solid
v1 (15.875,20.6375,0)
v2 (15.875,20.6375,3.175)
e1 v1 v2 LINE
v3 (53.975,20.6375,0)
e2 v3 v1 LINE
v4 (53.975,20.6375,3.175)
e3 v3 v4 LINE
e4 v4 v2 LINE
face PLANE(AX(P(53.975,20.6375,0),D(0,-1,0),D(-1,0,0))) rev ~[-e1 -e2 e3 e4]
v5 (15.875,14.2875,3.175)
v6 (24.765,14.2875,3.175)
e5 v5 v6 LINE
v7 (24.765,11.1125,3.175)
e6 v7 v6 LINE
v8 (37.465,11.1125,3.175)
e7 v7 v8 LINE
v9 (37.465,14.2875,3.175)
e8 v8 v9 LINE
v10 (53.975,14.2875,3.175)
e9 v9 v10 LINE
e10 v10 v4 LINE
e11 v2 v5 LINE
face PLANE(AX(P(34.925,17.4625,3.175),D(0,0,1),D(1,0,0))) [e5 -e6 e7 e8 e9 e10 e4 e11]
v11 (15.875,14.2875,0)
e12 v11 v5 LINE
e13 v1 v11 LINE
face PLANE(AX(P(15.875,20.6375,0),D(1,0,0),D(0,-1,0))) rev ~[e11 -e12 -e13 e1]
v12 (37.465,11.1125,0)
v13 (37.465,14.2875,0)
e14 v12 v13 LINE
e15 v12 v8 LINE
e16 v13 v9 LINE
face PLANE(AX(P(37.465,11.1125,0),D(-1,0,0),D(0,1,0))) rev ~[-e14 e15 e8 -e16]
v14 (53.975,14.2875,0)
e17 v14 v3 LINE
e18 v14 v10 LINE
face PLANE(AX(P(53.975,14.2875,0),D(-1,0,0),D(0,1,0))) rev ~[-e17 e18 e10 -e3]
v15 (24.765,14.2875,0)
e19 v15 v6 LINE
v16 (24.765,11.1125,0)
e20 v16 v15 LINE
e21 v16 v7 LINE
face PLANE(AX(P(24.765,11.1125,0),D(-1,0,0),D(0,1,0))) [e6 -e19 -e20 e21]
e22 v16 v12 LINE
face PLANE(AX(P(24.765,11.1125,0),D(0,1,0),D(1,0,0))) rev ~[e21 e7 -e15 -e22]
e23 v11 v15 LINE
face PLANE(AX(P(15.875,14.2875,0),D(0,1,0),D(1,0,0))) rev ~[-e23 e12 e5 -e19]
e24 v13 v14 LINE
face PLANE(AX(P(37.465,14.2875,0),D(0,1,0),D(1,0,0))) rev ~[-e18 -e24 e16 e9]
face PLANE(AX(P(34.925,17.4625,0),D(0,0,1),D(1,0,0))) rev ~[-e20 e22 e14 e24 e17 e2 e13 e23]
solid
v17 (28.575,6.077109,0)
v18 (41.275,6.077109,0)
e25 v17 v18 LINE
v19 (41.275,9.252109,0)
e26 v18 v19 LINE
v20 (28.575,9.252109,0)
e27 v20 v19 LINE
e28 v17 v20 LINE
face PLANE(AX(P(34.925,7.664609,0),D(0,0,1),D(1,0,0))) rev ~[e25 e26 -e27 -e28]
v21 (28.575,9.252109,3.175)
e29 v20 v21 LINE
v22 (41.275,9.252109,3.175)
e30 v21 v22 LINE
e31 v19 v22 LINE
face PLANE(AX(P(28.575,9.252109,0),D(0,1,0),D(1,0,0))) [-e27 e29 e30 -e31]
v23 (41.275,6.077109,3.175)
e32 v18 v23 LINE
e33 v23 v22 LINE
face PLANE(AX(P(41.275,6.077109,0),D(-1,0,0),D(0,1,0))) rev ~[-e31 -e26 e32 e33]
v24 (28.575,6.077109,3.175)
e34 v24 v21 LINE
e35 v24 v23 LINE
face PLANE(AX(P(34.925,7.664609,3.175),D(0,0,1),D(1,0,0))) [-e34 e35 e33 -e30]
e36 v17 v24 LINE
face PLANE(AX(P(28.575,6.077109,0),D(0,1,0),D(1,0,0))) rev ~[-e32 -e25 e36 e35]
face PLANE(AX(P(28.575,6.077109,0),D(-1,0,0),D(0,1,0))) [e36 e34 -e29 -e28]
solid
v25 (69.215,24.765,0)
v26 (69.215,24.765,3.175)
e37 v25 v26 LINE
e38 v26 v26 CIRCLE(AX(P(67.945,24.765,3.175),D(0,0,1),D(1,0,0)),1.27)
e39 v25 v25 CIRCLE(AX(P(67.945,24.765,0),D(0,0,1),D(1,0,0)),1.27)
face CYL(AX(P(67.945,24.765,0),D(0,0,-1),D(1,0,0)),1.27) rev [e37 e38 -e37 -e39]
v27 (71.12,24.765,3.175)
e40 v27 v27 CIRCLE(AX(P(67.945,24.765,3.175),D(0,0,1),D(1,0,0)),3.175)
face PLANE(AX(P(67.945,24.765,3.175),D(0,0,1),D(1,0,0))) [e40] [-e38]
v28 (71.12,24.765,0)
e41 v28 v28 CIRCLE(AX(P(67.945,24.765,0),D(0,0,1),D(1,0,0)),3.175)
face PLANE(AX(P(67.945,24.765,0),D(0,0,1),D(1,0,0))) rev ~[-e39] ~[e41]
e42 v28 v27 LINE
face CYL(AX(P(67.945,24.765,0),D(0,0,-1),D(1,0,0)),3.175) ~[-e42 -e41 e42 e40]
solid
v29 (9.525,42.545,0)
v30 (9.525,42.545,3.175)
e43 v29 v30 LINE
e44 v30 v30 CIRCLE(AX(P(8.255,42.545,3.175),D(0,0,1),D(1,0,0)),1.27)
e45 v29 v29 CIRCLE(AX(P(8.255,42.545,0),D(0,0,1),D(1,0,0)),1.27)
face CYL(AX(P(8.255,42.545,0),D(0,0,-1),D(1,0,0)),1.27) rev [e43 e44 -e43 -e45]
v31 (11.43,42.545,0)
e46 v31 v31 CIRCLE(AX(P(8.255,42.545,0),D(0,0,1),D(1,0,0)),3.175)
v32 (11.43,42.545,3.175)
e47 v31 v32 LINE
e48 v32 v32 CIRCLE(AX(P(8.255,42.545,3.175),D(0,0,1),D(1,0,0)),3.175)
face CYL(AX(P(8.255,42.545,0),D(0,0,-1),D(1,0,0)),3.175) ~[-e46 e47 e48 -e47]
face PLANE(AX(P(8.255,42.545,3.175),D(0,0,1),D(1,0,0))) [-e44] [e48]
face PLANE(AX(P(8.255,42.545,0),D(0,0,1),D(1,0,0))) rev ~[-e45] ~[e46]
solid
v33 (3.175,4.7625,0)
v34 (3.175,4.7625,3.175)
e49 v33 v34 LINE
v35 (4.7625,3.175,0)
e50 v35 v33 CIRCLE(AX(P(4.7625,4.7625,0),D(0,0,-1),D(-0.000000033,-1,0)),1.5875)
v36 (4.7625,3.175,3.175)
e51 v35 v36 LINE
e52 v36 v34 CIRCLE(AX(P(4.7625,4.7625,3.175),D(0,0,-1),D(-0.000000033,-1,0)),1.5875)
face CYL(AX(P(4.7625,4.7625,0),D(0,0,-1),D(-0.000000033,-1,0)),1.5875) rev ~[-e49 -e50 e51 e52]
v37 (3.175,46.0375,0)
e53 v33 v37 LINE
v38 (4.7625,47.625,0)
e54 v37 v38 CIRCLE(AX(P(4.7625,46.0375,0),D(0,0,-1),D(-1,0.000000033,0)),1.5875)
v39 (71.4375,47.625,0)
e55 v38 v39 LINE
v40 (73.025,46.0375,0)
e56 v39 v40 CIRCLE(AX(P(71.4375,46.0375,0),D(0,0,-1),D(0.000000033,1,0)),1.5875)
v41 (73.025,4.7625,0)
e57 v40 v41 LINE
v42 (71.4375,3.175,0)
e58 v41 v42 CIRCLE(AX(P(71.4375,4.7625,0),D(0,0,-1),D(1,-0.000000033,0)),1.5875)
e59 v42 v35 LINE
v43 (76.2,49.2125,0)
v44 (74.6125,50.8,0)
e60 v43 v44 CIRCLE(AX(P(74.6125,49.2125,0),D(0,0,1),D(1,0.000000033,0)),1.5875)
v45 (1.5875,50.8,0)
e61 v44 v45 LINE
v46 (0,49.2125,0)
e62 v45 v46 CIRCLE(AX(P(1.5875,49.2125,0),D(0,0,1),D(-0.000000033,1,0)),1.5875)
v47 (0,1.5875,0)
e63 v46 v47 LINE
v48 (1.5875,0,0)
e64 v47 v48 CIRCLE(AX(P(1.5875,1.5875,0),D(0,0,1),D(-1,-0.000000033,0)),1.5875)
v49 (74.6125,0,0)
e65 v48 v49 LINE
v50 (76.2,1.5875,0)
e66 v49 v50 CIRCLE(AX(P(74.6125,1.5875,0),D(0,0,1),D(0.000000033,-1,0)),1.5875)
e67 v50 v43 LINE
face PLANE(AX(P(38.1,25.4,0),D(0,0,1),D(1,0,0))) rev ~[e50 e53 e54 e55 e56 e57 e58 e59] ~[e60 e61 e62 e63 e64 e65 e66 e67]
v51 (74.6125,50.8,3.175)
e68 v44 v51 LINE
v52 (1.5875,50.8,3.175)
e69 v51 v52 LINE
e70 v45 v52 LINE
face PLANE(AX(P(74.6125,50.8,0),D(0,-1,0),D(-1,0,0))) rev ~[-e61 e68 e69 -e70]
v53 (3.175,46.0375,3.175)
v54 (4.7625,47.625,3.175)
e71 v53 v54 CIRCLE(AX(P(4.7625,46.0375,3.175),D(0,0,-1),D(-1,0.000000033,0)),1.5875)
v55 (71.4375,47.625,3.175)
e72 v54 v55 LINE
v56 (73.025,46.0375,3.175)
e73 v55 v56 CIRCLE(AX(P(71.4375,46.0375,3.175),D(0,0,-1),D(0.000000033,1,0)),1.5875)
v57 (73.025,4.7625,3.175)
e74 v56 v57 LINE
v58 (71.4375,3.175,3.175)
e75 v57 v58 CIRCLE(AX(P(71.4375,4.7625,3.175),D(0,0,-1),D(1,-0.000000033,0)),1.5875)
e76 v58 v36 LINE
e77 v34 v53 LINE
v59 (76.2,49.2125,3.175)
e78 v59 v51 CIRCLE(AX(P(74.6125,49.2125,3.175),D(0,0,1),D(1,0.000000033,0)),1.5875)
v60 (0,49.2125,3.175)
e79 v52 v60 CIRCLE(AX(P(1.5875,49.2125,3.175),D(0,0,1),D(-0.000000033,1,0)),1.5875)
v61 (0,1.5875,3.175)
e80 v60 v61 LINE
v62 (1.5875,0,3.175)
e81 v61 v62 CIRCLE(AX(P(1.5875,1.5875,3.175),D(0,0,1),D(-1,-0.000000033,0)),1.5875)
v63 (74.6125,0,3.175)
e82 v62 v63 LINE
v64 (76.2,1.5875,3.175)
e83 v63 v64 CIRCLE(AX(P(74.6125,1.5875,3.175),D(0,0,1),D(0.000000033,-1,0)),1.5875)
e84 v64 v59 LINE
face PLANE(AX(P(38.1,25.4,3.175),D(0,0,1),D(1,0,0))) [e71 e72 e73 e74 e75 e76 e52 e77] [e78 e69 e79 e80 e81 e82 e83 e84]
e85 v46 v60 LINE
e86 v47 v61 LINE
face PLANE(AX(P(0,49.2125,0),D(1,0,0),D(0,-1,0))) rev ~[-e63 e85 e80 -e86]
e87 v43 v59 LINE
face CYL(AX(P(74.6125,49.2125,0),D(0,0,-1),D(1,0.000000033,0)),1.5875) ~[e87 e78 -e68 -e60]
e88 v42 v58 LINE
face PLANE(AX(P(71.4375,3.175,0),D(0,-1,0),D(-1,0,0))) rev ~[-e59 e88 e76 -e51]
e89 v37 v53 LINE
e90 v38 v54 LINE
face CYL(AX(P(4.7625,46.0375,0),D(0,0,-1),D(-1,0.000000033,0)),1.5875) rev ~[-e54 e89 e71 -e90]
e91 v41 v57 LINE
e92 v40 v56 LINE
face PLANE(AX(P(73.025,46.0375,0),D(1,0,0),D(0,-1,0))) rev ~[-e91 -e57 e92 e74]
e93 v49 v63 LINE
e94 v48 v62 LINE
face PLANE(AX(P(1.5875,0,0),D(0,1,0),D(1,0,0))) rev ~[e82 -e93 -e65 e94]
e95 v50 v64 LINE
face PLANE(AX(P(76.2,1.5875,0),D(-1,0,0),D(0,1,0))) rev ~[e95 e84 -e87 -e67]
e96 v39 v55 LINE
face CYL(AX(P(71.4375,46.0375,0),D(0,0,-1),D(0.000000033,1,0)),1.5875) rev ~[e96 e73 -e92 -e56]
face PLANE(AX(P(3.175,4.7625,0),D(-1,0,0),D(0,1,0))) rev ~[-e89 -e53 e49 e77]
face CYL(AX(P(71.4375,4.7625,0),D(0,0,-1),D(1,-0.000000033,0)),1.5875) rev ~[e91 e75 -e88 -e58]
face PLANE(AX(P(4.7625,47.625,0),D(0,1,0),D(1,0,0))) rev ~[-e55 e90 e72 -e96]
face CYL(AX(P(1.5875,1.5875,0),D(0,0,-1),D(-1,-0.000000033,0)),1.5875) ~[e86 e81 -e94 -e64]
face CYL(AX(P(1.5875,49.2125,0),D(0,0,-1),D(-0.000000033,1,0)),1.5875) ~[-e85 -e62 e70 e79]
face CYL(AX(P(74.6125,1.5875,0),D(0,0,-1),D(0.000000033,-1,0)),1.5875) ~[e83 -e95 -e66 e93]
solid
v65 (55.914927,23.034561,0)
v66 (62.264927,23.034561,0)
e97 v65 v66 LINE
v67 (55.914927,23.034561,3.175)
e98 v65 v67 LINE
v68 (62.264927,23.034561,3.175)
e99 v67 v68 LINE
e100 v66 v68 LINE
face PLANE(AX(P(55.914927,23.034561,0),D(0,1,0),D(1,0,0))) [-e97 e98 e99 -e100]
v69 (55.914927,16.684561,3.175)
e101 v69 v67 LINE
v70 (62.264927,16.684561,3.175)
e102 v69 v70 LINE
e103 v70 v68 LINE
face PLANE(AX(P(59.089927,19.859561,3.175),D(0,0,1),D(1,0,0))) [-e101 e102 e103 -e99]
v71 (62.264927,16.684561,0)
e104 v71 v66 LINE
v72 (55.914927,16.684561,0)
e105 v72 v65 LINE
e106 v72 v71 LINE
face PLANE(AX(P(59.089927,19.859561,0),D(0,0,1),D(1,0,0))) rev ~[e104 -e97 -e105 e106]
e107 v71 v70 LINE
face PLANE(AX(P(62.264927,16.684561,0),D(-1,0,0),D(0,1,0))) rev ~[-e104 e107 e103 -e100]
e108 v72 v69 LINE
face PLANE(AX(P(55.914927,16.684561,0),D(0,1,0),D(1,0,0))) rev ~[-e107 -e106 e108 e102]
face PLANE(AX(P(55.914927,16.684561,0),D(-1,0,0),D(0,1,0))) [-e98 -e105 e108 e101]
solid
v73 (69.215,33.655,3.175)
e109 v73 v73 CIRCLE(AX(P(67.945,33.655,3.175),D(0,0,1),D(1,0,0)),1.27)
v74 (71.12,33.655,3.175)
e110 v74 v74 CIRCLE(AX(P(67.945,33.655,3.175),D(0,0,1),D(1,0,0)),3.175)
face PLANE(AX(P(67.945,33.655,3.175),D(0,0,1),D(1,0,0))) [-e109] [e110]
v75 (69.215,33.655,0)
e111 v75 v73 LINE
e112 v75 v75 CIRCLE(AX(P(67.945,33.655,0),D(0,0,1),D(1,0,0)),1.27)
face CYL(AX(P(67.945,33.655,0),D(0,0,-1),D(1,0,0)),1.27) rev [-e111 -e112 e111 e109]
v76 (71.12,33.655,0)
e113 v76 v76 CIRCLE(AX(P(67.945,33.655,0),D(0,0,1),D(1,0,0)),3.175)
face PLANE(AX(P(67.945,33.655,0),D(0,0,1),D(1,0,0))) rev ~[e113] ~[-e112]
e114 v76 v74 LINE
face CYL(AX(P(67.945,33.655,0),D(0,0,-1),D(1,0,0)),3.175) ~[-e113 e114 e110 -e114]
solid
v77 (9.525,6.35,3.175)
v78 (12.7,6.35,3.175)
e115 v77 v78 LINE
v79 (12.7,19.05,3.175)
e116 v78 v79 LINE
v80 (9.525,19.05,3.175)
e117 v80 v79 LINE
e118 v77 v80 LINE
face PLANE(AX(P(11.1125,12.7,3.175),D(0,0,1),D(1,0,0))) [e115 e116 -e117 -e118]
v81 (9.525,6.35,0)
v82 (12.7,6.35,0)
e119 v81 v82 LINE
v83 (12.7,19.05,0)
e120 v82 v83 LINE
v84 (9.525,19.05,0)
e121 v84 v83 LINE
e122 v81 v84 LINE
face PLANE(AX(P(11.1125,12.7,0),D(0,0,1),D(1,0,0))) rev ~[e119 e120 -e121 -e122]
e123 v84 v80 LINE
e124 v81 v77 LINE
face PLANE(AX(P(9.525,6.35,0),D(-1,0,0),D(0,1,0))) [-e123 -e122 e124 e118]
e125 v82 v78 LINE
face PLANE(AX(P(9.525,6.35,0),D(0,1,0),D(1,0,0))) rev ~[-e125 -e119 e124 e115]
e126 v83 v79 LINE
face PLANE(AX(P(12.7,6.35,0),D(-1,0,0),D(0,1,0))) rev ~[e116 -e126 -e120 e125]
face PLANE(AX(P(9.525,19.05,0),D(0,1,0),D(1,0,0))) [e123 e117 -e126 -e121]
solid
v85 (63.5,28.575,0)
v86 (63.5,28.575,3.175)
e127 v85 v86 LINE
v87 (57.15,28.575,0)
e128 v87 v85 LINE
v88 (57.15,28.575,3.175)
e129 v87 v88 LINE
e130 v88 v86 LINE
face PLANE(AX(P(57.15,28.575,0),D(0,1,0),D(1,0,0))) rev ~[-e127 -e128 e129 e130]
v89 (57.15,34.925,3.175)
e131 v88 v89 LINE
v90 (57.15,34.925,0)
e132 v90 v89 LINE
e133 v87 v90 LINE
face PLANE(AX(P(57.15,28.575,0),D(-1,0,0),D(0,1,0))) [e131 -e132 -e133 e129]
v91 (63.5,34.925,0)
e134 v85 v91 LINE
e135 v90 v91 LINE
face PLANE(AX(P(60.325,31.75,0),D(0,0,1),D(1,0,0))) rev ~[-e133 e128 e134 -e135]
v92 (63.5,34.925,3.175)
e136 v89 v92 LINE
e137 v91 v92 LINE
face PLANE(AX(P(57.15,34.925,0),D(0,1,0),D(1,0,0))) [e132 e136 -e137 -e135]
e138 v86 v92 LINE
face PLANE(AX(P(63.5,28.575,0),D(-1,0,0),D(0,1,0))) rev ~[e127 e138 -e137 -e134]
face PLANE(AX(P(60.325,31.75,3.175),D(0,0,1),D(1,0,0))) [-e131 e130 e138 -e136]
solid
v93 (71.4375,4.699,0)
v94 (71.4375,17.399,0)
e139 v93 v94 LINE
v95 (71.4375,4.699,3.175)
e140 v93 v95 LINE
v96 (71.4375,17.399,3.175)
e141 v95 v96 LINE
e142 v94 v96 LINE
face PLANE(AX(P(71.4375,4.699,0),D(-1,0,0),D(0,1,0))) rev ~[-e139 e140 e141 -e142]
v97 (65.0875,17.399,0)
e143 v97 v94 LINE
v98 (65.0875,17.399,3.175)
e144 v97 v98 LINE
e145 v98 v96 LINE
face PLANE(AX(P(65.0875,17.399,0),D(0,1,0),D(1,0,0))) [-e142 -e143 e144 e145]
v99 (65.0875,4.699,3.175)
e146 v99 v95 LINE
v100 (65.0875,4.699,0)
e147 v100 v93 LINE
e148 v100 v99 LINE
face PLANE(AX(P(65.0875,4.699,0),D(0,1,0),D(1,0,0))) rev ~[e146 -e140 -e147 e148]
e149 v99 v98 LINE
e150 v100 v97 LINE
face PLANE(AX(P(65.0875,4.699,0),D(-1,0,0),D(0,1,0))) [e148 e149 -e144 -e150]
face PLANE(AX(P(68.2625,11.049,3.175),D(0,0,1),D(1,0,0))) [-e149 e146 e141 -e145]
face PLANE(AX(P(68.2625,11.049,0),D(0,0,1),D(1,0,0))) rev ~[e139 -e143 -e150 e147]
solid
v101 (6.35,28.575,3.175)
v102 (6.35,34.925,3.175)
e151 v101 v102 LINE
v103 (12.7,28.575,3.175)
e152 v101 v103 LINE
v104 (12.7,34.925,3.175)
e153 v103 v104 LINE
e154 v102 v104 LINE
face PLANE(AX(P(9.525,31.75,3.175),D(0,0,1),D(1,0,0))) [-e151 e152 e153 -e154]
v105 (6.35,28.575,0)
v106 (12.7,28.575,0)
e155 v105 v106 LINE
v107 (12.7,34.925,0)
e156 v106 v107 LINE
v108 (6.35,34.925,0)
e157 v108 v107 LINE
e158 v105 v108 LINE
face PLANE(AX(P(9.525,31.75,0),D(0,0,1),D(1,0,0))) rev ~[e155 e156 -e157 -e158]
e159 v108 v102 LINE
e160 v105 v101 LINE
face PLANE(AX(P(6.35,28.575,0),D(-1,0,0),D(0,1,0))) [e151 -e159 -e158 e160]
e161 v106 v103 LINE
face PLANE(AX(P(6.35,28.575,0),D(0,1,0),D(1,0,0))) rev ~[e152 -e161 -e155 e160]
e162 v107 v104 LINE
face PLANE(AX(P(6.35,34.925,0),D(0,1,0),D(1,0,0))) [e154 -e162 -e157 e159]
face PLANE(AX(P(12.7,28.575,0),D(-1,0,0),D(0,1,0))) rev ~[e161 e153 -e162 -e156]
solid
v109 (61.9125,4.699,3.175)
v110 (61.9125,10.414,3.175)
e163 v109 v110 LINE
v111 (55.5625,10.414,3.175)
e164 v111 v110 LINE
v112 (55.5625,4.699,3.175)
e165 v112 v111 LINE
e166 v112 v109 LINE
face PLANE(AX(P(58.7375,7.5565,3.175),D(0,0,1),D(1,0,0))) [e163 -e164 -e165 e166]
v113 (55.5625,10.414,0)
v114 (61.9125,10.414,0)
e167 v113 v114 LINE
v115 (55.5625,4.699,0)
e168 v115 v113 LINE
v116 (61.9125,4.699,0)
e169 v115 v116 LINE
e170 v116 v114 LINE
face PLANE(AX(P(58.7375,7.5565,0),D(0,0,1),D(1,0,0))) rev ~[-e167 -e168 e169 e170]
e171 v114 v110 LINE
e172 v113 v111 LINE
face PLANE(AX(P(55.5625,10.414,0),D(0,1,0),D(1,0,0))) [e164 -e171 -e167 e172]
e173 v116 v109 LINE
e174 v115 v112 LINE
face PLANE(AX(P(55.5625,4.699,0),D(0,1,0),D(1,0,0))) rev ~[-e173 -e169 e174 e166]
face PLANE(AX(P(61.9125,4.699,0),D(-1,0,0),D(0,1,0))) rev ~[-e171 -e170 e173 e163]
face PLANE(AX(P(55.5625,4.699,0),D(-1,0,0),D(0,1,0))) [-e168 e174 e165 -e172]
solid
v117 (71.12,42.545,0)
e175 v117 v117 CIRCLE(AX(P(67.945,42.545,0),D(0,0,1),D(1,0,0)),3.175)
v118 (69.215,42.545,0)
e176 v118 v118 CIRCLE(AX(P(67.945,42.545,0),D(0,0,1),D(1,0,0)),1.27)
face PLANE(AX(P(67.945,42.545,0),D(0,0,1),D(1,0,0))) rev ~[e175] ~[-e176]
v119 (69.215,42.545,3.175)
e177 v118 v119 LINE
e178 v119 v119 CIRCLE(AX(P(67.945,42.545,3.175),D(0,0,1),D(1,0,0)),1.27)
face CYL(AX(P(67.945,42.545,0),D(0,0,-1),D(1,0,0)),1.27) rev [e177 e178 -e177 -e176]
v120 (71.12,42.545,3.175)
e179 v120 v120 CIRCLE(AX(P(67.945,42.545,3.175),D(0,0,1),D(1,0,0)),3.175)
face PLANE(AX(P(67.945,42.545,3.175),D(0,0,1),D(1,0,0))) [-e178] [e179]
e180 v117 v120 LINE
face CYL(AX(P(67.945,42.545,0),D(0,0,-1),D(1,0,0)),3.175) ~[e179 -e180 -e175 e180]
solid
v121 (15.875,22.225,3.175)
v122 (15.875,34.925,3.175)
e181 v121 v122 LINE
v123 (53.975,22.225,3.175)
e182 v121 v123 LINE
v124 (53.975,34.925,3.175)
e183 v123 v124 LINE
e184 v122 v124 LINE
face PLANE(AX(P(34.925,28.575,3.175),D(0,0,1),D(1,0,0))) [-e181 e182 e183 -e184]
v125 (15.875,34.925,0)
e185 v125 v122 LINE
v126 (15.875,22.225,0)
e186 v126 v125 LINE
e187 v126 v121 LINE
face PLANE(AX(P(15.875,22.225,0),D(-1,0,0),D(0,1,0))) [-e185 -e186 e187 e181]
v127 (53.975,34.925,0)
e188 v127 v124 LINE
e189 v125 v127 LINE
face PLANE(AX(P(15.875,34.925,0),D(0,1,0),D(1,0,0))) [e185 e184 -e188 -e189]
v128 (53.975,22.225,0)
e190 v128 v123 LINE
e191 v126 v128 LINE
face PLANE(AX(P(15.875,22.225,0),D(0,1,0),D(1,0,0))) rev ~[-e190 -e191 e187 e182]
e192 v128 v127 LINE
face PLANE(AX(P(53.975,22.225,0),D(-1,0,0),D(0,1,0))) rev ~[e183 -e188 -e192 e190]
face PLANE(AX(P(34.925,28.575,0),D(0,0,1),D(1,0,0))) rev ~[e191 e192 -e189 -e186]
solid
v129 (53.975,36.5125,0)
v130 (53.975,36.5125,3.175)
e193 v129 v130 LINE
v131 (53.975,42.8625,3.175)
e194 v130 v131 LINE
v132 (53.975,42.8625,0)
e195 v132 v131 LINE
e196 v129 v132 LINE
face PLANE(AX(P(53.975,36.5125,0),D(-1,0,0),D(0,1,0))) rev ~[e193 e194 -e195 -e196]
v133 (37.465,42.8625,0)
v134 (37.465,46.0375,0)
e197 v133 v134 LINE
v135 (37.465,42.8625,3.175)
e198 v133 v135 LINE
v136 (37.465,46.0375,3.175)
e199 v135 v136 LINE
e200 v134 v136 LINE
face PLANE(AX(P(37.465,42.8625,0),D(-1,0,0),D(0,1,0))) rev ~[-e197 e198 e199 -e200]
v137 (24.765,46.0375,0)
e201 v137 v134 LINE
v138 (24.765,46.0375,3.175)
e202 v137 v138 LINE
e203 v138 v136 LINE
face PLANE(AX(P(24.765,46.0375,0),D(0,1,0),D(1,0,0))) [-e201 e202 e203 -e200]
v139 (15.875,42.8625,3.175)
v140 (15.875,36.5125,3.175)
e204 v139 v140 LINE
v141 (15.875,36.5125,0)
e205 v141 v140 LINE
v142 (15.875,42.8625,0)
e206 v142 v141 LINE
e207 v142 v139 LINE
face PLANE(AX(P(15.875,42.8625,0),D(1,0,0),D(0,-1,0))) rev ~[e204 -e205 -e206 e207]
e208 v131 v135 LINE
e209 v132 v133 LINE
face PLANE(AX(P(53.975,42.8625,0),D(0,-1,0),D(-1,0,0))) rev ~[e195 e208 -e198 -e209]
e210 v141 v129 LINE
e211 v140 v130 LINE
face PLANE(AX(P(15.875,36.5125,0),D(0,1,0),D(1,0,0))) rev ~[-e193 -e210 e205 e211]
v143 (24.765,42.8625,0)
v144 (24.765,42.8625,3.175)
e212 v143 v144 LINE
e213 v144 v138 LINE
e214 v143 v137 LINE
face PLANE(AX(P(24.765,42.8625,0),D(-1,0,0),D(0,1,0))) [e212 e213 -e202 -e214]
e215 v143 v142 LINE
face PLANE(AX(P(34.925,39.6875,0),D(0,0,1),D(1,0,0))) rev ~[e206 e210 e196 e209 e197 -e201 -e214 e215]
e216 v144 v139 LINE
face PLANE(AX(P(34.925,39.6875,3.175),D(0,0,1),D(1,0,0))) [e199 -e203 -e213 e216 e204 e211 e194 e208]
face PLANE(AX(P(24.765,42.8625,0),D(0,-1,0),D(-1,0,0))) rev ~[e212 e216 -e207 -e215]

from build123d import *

# Parameters (mm, degrees)
F1_DEPTH = 3.175
F2_R     = 3.175
F2_R_2   = 1.27
F3_DEPTH = 3.175
F4_W     = 38.1
F4_H     = 12.7
F4_W_2   = 6.35
F4_H_2   = 6.35
F5_DEPTH = 3.175
F6_W     = 12.7
F6_H     = 3.175
F6_W_2   = 6.35
F6_H_2   = 12.7
F6_H_3   = 5.715
F6_H_4   = 6.35
F7_DEPTH = 3.175
F8_W     = 3.175
F8_H     = 12.7
F8_W_2   = 12.7
F8_H_2   = 3.175
F9_DEPTH = 3.175


with BuildPart() as f1:
    # F0 (on Top) → F1 (new body)
    with BuildSketch(Plane.XY):
        with BuildLine():
            ThreePointArc((0, 1.5875), (0.464968, 0.464968), (1.5875, 0))
            Line((1.5875, 0), (74.6125, 0))
            ThreePointArc((74.6125, 0), (75.735032, 0.464968), (76.2, 1.5875))
            Line((76.2, 1.5875), (76.2, 49.2125))
            ThreePointArc((76.2, 49.2125), (75.735032, 50.335032), (74.6125, 50.8))
            Line((74.6125, 50.8), (1.5875, 50.8))
            ThreePointArc((1.5875, 50.8), (0.464968, 50.335032), (0, 49.2125))
            Line((0, 49.2125), (0, 1.5875))
        make_face()
        with BuildLine():
            Line((73.025, 46.0375), (73.025, 4.7625))
            ThreePointArc((73.025, 4.7625), (72.560032, 3.639968), (71.4375, 3.175))
            Line((71.4375, 3.175), (4.7625, 3.175))
            ThreePointArc((4.7625, 3.175), (3.639968, 3.639968), (3.175, 4.7625))
            Line((3.175, 4.7625), (3.175, 46.0375))
            ThreePointArc((3.175, 46.0375), (3.639968, 47.160032), (4.7625, 47.625))
            Line((4.7625, 47.625), (71.4375, 47.625))
            ThreePointArc((71.4375, 47.625), (72.560032, 47.160032), (73.025, 46.0375))
        make_face(mode=Mode.SUBTRACT)
    extrude(amount=F1_DEPTH)


with BuildPart() as f3:
    # F2 (on Top) → F3 (new body)
    with BuildSketch(Plane.XY):
        with Locations((67.945, 24.765)):
            Circle(F2_R)
        with Locations((67.945, 24.765)):
            Circle(F2_R_2, mode=Mode.SUBTRACT)
        with Locations((8.255, 42.545)):
            Circle(F2_R)
        with Locations((8.255, 42.545)):
            Circle(F2_R_2, mode=Mode.SUBTRACT)
        with Locations((67.945, 42.545)):
            Circle(F2_R)
        with Locations((67.945, 42.545)):
            Circle(F2_R_2, mode=Mode.SUBTRACT)
        with Locations((67.945, 33.655)):
            Circle(F2_R)
        with Locations((67.945, 33.655)):
            Circle(F2_R_2, mode=Mode.SUBTRACT)
    extrude(amount=F3_DEPTH)


with BuildPart() as f5:
    # F4 (on Top) → F5 (new body)
    with BuildSketch(Plane.XY):
        with Locations((34.925, 28.575)):
            Rectangle(F4_W, F4_H)
        with Locations((9.525, 31.75)):
            Rectangle(F4_W_2, F4_H_2)
        with Locations((60.325, 31.75)):
            Rectangle(F4_W_2, F4_H_2)
    extrude(amount=F5_DEPTH)


with BuildPart() as f7:
    # F6 (on Top) → F7 (new body)
    with BuildSketch(Plane.XY):
        Polygon((53.975, 20.6375), (15.875, 20.6375), (15.875, 14.2875), (24.765, 14.2875), (37.465, 14.2875), (53.975, 14.2875), align=None)
        with Locations((31.115, 12.7)):
            Rectangle(F6_W, F6_H)
        Polygon((15.875, 42.8625), (15.875, 36.5125), (53.975, 36.5125), (53.975, 42.8625), (37.465, 42.8625), (24.765, 42.8625), align=None)
        with Locations((31.115, 44.45)):
            Rectangle(F6_W, F6_H)
        with Locations((68.2625, 11.049)):
            Rectangle(F6_W_2, F6_H_2)
        with Locations((58.7375, 7.5565)):
            Rectangle(F6_W_2, F6_H_3)
        with Locations((59.089927, 19.859561)):
            Rectangle(F6_W_2, F6_H_4)
    extrude(amount=F7_DEPTH)


with BuildPart() as f9:
    # F8 (on Top) → F9 (new body)
    with BuildSketch(Plane.XY):
        with Locations((11.1125, 12.7)):
            Rectangle(F8_W, F8_H)
        with Locations((34.925, 7.664609)):
            Rectangle(F8_W_2, F8_H_2)
    extrude(amount=F9_DEPTH)


solid = Compound([f1.part, f3.part, f5.part, f7.part, f9.part])
